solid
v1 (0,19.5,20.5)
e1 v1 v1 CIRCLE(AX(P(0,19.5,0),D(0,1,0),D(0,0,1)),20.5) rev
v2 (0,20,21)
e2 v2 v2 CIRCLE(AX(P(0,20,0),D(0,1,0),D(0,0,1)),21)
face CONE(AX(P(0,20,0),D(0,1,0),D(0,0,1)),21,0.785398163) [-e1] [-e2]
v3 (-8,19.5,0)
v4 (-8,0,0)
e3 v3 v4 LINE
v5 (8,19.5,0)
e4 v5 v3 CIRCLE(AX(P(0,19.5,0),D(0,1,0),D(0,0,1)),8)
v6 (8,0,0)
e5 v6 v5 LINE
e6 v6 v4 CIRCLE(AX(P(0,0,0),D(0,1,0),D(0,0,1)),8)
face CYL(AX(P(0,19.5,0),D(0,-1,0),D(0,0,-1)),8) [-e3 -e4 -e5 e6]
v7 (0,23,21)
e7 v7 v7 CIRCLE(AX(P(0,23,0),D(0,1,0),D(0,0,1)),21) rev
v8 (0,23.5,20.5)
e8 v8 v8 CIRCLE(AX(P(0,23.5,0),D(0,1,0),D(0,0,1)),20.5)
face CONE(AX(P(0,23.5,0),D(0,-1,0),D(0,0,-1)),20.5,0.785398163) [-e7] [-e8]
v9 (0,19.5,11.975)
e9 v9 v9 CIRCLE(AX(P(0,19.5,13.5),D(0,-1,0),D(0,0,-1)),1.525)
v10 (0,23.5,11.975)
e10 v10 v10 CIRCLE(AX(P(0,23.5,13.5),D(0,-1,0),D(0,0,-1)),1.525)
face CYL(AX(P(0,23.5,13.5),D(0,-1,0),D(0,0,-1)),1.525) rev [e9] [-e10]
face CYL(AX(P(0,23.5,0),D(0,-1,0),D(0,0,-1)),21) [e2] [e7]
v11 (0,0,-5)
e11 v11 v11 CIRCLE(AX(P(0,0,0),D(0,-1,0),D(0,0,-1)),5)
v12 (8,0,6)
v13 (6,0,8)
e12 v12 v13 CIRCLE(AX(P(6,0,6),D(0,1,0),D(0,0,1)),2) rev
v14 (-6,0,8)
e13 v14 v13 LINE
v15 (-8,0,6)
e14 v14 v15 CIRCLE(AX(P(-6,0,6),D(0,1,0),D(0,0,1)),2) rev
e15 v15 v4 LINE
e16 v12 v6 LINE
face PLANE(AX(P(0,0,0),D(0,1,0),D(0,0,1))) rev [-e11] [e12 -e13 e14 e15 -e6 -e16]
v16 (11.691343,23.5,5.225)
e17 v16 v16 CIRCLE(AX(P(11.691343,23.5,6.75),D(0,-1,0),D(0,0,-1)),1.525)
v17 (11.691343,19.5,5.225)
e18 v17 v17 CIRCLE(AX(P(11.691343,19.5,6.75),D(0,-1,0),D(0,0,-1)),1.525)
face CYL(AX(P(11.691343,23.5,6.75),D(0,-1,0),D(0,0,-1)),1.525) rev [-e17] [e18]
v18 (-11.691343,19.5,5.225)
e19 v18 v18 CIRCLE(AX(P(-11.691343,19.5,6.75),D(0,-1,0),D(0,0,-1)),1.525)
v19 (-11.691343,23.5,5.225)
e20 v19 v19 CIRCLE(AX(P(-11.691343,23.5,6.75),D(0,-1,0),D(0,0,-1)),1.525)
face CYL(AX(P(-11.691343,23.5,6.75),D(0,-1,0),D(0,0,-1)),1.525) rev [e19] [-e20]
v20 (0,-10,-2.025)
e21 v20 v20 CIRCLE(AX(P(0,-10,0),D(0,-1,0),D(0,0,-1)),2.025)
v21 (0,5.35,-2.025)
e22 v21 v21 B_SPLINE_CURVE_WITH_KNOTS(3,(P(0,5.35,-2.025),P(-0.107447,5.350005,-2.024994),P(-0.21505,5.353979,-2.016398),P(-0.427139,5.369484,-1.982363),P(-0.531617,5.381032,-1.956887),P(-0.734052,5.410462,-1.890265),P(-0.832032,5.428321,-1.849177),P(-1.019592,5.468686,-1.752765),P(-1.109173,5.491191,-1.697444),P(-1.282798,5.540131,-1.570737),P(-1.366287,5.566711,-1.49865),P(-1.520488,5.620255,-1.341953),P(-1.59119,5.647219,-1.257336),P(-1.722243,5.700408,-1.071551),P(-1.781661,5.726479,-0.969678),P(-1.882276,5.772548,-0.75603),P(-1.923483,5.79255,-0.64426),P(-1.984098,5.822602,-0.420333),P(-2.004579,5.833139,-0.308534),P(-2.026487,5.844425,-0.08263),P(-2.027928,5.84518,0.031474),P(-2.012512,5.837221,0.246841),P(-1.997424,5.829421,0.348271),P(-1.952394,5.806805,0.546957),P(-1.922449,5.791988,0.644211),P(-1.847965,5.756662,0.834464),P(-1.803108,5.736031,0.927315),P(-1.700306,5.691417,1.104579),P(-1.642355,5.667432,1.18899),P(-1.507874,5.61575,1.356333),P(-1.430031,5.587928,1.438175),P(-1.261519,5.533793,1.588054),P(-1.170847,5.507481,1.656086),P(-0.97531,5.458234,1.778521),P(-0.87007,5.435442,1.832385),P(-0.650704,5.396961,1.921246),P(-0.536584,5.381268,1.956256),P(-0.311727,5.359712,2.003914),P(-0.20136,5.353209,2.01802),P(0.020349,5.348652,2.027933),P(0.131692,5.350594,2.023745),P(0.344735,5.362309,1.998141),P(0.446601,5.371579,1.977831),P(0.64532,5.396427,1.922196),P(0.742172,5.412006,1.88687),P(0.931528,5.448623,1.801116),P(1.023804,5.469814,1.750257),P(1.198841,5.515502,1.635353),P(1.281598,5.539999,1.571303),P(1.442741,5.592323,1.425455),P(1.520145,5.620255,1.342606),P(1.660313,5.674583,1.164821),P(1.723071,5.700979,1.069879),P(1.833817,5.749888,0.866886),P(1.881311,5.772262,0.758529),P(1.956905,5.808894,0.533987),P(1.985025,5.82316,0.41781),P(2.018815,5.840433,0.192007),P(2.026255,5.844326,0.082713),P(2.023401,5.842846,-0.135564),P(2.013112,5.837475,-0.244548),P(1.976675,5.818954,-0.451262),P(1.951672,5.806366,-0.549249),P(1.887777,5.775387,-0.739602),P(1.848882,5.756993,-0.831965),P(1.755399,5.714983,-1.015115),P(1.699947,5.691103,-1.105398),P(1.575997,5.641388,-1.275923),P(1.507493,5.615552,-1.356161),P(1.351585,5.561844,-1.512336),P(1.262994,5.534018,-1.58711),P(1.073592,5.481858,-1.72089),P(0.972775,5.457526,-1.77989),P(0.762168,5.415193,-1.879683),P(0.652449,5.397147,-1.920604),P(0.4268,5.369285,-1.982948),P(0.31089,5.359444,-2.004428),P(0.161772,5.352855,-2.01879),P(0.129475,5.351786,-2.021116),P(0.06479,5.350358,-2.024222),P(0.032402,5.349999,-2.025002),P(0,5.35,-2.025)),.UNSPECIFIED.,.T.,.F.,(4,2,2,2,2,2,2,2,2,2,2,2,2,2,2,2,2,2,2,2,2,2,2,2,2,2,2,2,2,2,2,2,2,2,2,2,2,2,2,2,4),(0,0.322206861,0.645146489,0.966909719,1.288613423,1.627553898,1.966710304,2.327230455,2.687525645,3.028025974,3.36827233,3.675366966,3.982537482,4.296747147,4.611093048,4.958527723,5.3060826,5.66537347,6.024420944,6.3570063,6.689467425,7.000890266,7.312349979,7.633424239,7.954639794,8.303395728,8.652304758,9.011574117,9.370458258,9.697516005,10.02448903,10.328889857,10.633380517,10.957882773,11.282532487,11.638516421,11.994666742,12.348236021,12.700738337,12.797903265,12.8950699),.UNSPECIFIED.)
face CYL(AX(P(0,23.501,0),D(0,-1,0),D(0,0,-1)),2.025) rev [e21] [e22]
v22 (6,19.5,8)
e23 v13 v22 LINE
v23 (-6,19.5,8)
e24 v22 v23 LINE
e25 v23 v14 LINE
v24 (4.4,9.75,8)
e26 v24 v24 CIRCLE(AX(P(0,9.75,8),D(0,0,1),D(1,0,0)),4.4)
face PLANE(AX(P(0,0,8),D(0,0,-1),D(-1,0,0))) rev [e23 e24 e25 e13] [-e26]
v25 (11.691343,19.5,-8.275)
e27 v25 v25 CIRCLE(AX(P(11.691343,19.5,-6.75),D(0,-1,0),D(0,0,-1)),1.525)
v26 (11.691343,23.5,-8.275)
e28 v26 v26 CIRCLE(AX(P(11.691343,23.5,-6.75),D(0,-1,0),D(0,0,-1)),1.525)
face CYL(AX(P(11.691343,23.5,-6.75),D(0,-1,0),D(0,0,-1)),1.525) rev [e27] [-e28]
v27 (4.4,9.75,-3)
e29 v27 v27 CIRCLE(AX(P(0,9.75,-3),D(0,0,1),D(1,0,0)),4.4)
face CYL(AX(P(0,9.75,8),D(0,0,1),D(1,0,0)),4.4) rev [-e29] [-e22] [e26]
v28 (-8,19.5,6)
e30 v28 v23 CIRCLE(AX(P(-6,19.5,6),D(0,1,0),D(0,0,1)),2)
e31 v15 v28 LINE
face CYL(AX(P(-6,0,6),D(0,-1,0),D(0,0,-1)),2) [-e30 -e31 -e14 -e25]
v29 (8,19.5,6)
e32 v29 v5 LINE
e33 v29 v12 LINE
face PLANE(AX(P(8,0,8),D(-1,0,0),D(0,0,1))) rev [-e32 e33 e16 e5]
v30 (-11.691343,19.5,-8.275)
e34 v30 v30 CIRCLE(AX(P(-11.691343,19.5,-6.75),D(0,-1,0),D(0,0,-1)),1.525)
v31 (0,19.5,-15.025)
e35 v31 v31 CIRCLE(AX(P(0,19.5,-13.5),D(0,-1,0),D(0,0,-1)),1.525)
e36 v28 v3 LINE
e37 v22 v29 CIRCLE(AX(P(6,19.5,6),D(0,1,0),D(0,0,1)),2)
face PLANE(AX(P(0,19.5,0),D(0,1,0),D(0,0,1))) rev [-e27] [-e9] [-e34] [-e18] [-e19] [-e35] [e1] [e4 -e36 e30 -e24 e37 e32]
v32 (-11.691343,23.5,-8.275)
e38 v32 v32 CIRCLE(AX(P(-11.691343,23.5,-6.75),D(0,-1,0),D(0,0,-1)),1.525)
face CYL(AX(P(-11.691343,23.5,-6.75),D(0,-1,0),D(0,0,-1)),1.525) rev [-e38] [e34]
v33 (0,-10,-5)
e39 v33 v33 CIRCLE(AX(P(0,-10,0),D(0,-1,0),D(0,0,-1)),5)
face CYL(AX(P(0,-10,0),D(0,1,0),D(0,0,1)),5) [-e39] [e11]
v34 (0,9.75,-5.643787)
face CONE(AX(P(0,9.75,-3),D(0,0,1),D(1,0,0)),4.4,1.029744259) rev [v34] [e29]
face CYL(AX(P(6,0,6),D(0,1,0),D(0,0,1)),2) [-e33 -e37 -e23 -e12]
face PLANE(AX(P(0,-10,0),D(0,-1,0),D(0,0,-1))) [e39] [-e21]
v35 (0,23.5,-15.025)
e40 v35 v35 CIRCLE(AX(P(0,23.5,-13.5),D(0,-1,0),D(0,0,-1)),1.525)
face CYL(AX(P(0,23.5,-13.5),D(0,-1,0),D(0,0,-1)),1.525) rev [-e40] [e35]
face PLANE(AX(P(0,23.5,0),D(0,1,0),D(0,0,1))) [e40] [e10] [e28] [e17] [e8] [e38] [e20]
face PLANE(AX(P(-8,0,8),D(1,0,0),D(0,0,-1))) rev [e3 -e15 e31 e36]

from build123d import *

# Parameters (mm, degrees)
SKETCH_1_R               = 8
EXTRUDE_1_DEPTH          = 19.5
SKETCH_2_R               = 21
EXTRUDE_2_DEPTH          = 4
SKETCH_3_R               = 1.525
CUT_EXTRUDE_1_DEPTH      = 4
SKETCH_5_W               = 16
SKETCH_5_H               = 19.5
EXTRUDE_3_DEPTH          = 8
SKETCH_8_R               = 5
EXTRUDE_4_DEPTH          = 10
HOLE_WIZARD_G1_8_1_D     = 8.8
HOLE_WIZARD_G1_8_1_DEPTH = 11
HOLE_WIZARD_G1_8_1_TIP   = 2.643786724
CUT_EXTRUDE_4_REACH      = 35.5
SKETCH_9_R               = 2.025
FILLET_1_R               = 2
CHAMFER_1_SIZE           = 0.5


with BuildPart() as part:
    # 草图1 → 凸台-拉伸1 (new body)
    with BuildSketch(Plane(origin=(0, 0, 0), x_dir=(1, 0, 0), z_dir=(0, 1, 0))):
        Circle(SKETCH_1_R)
    extrude(amount=EXTRUDE_1_DEPTH)

    # 草图2 → 凸台-拉伸2 (add)
    with BuildSketch(Plane(origin=(0, 19.5, 0), x_dir=(1, 0, 0), z_dir=(0, 1, 0))):
        Circle(SKETCH_2_R)
    extrude(amount=EXTRUDE_2_DEPTH)

    # 草图3 → 切除-拉伸1 (cut)
    with BuildSketch(Plane.XZ.offset(-19.5)):
        with Locations((0, -13.5)):
            Circle(SKETCH_3_R)
        with Locations((-11.691342951, -6.75)):
            Circle(SKETCH_3_R)
        with Locations((-11.691342951, 6.75)):
            Circle(SKETCH_3_R)
        with Locations((0, 13.5)):
            Circle(SKETCH_3_R)
        with Locations((11.691342951, 6.75)):
            Circle(SKETCH_3_R)
        with Locations((11.691342951, -6.75)):
            Circle(SKETCH_3_R)
    extrude(amount=-CUT_EXTRUDE_1_DEPTH, mode=Mode.SUBTRACT)

    # 草图5 → 凸台-拉伸3 (add)
    with BuildSketch(Plane.XY):
        with Locations((0, 9.75)):
            Rectangle(SKETCH_5_W, SKETCH_5_H)
    extrude(amount=EXTRUDE_3_DEPTH)

    # 草图8 → 凸台-拉伸4 (add)
    with BuildSketch(Plane.XZ):
        Circle(SKETCH_8_R)
    extrude(amount=EXTRUDE_4_DEPTH)

    # G1/8 螺纹孔1
    with Locations(Plane(origin=(0, 9.75, 8), x_dir=(1, 0, 0), z_dir=(0, 0, 1))):
        with Locations((0, 0)):
            Hole(HOLE_WIZARD_G1_8_1_D / 2, depth=HOLE_WIZARD_G1_8_1_DEPTH)
            with Locations((0, 0, -(HOLE_WIZARD_G1_8_1_DEPTH + HOLE_WIZARD_G1_8_1_TIP / 2))):  # 118° drill point
                Cone(0, HOLE_WIZARD_G1_8_1_D / 2, HOLE_WIZARD_G1_8_1_TIP, mode=Mode.SUBTRACT)

    # 草图9 → 切除-拉伸4 (cut, up to next)
    with BuildSketch(Plane.XZ.offset(10), mode=Mode.PRIVATE) as cut_extrude_4_sk1:
        Circle(SKETCH_9_R)
    cut_extrude_4_tool1 = extrude(cut_extrude_4_sk1.sketch, amount=-CUT_EXTRUDE_4_REACH, mode=Mode.PRIVATE) & part.part
    add(cut_extrude_4_tool1.solids().sort_by_distance((0, -10, 0))[0], mode=Mode.SUBTRACT)

    # 圆角1
    fillet_1_edges = [part.edges().sort_by_distance(p)[0] for p in [
        (8, 9.75, 8),
        (-8, 9.75, 8),
    ]]
    fillet(fillet_1_edges, radius=FILLET_1_R)

    # 倒角1
    chamfer_1_edges = [part.edges().sort_by_distance(p)[0] for p in [
        (-21, 19.5, 0),
        (-21, 23.5, 0),
    ]]
    chamfer(chamfer_1_edges, length=CHAMFER_1_SIZE)


solid = part.part
